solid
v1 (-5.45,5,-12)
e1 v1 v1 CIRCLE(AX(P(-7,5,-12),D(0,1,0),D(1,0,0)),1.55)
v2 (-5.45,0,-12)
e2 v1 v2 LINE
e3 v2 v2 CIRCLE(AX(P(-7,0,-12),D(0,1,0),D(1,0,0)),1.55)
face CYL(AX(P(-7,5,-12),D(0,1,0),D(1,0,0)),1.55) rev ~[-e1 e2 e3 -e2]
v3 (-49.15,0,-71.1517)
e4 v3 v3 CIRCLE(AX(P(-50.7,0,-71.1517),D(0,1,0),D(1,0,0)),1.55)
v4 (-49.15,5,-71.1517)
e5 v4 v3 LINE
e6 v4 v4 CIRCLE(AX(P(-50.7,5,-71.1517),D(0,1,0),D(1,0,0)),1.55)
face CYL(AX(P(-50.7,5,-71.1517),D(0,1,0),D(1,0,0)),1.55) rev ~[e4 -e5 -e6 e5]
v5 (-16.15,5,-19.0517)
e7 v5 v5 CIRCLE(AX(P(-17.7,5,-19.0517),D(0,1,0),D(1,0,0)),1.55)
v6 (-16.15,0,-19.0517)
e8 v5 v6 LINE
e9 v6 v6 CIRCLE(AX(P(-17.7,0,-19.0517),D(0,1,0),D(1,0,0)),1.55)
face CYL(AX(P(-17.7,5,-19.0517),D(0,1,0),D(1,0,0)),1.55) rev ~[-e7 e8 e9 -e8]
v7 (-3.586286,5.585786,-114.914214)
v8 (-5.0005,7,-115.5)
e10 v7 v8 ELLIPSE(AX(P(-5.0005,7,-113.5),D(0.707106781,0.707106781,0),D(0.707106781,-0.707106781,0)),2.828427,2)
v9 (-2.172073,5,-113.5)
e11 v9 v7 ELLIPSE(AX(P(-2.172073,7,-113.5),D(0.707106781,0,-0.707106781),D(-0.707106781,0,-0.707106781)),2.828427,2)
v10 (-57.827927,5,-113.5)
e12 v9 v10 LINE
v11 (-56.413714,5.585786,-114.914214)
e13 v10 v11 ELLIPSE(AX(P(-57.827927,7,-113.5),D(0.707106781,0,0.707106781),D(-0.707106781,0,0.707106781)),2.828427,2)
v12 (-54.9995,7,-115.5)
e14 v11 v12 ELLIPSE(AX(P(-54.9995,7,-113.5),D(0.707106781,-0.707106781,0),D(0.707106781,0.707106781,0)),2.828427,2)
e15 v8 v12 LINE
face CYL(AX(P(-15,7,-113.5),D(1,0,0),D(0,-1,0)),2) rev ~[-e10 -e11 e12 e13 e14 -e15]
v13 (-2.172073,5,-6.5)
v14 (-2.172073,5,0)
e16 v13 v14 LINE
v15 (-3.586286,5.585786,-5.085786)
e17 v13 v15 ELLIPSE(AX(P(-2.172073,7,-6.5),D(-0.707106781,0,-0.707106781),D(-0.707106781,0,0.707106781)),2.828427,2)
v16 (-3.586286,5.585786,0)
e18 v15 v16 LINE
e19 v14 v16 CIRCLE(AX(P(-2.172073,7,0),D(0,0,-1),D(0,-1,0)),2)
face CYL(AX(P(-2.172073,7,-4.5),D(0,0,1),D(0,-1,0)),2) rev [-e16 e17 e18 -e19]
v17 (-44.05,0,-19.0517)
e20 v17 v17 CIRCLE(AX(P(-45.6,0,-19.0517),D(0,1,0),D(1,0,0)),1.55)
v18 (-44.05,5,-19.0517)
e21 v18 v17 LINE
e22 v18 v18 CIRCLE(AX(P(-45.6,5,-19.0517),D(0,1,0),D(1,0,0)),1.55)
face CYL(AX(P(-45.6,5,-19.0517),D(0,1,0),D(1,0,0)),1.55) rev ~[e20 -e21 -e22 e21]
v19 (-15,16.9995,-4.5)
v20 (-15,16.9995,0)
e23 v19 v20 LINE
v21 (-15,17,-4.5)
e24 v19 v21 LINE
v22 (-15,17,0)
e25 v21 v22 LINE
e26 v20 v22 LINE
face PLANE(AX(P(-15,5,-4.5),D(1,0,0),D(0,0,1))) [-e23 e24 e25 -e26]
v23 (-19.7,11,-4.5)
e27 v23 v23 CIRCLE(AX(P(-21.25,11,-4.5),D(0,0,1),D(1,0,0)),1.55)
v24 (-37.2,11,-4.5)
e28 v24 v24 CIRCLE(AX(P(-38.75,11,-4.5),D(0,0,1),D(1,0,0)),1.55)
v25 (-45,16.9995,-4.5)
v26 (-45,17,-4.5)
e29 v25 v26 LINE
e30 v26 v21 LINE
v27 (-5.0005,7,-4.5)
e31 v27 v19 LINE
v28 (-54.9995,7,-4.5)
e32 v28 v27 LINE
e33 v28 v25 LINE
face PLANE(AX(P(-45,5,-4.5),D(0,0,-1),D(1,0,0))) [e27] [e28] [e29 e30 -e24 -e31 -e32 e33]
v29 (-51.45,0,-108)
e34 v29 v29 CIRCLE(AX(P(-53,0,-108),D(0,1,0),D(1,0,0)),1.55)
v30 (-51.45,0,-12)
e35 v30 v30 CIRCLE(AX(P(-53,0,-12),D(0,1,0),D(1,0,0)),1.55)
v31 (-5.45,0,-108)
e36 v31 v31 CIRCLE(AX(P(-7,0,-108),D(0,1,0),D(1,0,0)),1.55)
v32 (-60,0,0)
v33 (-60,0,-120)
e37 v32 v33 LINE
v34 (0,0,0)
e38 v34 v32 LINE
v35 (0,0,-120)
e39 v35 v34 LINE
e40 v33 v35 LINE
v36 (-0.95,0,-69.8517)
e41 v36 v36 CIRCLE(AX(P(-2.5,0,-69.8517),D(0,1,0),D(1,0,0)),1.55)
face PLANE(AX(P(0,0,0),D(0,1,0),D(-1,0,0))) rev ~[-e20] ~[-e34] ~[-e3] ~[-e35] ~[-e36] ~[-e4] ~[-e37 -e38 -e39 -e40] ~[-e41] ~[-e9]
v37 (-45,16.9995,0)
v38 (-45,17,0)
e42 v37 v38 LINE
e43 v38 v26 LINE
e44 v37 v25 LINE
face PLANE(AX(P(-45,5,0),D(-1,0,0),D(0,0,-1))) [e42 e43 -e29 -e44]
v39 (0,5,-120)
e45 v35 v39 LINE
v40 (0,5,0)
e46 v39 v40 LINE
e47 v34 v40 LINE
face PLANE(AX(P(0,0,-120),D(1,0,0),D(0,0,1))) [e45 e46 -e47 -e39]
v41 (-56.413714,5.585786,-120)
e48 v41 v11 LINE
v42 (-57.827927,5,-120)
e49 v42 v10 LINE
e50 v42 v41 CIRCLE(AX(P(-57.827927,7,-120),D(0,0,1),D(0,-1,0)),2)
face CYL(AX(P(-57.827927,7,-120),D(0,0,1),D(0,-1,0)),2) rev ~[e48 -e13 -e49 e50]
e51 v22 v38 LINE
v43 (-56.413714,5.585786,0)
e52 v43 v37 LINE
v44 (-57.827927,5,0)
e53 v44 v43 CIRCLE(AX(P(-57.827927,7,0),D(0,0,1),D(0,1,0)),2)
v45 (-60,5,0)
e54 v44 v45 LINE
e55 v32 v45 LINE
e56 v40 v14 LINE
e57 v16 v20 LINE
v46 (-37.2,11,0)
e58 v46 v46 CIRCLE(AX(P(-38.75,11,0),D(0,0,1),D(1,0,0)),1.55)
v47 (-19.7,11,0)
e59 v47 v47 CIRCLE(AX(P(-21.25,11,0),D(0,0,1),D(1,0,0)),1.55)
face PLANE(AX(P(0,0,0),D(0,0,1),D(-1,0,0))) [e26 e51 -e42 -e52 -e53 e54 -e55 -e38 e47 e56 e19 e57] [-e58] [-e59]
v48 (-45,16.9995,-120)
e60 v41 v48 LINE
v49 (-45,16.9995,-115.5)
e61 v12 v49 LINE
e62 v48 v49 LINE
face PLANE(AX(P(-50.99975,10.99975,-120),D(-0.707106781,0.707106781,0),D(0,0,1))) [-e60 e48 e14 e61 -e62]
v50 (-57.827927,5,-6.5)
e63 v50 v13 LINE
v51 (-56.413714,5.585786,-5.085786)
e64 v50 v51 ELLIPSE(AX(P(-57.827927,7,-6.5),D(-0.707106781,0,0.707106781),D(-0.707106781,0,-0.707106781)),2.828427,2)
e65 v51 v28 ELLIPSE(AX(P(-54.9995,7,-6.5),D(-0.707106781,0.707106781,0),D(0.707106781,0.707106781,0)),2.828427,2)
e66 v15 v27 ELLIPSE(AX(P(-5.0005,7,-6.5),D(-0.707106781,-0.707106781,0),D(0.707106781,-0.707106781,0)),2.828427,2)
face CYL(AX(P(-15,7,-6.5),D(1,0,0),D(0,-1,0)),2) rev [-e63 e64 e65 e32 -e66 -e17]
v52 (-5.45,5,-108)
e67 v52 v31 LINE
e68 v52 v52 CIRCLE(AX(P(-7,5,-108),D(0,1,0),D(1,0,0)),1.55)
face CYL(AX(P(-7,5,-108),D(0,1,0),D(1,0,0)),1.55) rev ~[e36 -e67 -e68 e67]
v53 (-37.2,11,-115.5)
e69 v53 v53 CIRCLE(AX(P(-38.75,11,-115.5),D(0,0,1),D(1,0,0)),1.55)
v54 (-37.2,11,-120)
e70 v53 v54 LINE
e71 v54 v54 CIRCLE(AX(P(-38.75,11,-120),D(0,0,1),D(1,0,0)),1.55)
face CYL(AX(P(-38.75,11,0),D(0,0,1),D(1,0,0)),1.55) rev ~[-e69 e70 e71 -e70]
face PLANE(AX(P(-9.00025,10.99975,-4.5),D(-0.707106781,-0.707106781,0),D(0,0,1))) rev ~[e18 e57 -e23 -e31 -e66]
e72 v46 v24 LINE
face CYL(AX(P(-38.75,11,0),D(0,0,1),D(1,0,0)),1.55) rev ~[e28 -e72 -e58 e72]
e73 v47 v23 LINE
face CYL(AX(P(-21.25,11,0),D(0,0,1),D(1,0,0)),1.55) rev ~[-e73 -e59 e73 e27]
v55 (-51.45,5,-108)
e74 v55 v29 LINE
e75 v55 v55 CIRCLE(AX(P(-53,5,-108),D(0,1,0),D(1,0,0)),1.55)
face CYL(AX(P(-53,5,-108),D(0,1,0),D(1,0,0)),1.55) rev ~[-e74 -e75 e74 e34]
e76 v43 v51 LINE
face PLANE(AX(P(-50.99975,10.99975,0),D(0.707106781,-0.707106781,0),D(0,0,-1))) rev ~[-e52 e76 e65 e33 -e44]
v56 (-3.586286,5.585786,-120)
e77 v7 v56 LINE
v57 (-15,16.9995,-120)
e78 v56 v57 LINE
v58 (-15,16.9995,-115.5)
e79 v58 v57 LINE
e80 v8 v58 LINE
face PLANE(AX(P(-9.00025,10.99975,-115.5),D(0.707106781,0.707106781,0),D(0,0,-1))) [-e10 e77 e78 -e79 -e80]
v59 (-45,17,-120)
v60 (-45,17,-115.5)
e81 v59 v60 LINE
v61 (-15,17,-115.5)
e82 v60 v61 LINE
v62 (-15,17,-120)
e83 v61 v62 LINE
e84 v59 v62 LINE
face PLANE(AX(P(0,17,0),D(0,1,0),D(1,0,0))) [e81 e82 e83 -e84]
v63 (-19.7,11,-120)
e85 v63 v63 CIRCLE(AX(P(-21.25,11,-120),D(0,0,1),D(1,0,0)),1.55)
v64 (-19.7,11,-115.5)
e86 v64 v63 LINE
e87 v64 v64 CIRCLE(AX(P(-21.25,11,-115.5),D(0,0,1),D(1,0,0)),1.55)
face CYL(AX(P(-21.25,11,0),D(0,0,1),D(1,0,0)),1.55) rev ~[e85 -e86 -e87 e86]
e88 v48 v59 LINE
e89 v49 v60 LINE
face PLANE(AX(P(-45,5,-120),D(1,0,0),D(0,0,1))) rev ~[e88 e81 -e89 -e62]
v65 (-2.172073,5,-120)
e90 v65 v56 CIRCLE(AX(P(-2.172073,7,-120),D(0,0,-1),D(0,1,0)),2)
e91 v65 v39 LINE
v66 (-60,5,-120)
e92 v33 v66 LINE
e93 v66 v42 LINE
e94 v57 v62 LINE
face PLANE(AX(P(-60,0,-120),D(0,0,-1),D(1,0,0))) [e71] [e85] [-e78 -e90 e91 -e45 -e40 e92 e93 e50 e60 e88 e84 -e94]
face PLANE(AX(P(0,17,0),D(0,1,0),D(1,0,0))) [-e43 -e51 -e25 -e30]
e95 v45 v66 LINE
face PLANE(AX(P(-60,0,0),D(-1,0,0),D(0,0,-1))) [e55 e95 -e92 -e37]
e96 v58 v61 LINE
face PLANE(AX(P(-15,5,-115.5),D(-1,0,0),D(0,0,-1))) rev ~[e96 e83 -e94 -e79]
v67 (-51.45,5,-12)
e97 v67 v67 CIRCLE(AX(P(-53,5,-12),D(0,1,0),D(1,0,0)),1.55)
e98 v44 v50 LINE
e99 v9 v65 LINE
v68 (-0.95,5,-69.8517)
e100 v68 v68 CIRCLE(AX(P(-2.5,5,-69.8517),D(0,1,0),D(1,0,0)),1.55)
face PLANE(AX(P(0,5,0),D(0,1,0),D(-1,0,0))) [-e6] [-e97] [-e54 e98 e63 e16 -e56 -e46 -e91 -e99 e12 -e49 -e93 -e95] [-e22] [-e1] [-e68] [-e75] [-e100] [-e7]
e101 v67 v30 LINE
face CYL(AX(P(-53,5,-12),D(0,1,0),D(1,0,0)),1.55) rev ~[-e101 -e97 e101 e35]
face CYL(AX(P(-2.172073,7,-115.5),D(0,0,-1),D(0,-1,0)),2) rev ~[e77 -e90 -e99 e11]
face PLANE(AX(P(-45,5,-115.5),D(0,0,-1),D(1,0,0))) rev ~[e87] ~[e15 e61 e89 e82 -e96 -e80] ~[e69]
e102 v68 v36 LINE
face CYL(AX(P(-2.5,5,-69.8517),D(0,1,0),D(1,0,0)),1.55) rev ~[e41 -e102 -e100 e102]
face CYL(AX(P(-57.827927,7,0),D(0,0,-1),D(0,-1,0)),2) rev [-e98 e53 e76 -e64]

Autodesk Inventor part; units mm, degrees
ref_plane "YZ Plane" through (0, 0, 0) normal (1, 0, 0) x (0, 1, 0)
ref_plane "XZ Plane" through (0, 0, 0) normal (0, 1, 0) x (-1, 0, 0)
ref_plane "XY Plane" through (0, 0, 0) normal (0, 0, 1) x (1, 0, 0)
sketch "Sketch1" plane through (0, 0, 0) normal (0, 1, 0) x (-1, 0, 0)
  line L0 (0, 0) -> (60, 0)
  line L1 (60, 0) -> (60, -120)
  line L2 (60, -120) -> (0, -120)
  line L3 (0, -120) -> (0, 0)
  dimension "d0" = 60
  dimension "d1" = 120
extrude "Extrusion1" add sketch "Sketch1" along normal blind 5
sketch "Sketch2" plane through (0, 5, 0) normal (0, 1, 0) x (1, 0, 0)
  line L0 (-30, 120) -> (-45, 120)
  line L1 (-30, 120) -> (-15, 120)
  line L2 (-45, 120) -> (-45, 115.5)
  line L3 (-45, 115.5) -> (-15, 115.5)
  line L4 (-15, 115.5) -> (-15, 120)
  line L5 (-15, 120) -> (-45, 120)
  line L6 (-60, 120) -> (-60, 0) projected
  line L7 (0, 0) -> (0, 120) projected
  line L8 (-30, 0) -> (-45, 0)
  line L9 (-30, 0) -> (-15, 0)
  line L10 (-45, 0) -> (-45, 4.5)
  line L11 (-45, 4.5) -> (-15, 4.5)
  line L12 (-15, 4.5) -> (-15, 0)
  line L13 (-45, 0) -> (-15, 0)
  line L14 (-60, 0) -> (0, 0) projected
  dimension "d9" = 15
  dimension "d10" = 15
  dimension "d12" = 4.5
extrude "Extrusion2" add sketch "Sketch2" along normal blind 12
chamfer "Chamfer1" distance 12 angle 45 4 edges at (-45, 5, -2.25) (-45, 5, -117.75) (-15, 5, -2.25) (-15, 5, -117.75)
fillet "Fillet1" radius 2 6 edges at (-30, 5, -115.5) (-56.9995, 5, -117.75) (-56.9995, 5, -2.25) (-30, 5, -4.5) (-3.0005, 5, -2.25) (-3.0005, 5, -117.75)
sketch "Sketch3" plane through (-60, 0, 0) normal (0, 0, 1) x (1, 0, 0)
  line L0 (0, 0) -> (60, 0) projected
  circle A0 centre (38.75, 11) radius 1.55
  circle A1 centre (21.25, 11) radius 1.55
  dimension "d22" = 3.1
  dimension "d23" = 3.1
  dimension "d25" = 17.5
  dimension "d26" = 11
  dimension "d27" = 11
extrude "Extrusion3" cut sketch "Sketch3" against normal through all
sketch "Sketch4" plane through (0, 5, 0) normal (0, 1, 0) x (1, 0, 0)
  line L0 (0, 0) -> (0, 120) projected
  line L1 (0, 50.8517) -> (-60, 50.8517)
  line L2 (-60, 120) -> (-60, 0) projected
  line L3 (-26.65, 16.5517) -> (0, 16.5517)
  line L4 (0, 16.5517) -> (0, 85.1517)
  line L5 (0, 85.1517) -> (-53.3, 85.1517)
  line L6 (-53.3, 85.1517) -> (-53.3, 16.5517)
  line L7 (-53.3, 16.5517) -> (-26.65, 16.5517)
  line L8 (0, 85.1517) -> (0, 84.5517)
  line L9 (0, 85.1517) -> (0, 69.8517)
  circle A0 centre (-2.5, 69.8517) radius 1.55
  line L10 (-26.65, 85.1517) -> (-26.65, 16.5517)
  circle A1 centre (-50.7, 71.1517) radius 1.55
  circle A2 centre (-17.7, 19.0517) radius 1.55
  circle A3 centre (-45.6, 19.0517) radius 1.55
  line L11 (0, 85.1517) -> (-2, 85.1517)
  dimension "d34" = 53.3
  dimension "d35" = 68.6
  dimension "d39" = 3.1
  dimension "d43" = 3.1
  dimension "d44" = 3.1
  dimension "d55" = 14
  dimension "d56" = 1.3
  dimension "d57" = 50.8
  dimension "d58" = 15.2
  dimension "d59" = 27.9
extrude "Extrusion4" cut sketch "Sketch4" against normal blind 12 contours A0 | A1 | A2 | A3
sketch "Sketch5" plane through (0, 5, 0) normal (0, 1, 0) x (1, 0, 0)
  line L0 (0, 0) -> (0, 120) projected
  line L1 (0, 120) -> (0, 108)
  line L2 (0, 108) -> (-7, 108)
  line L3 (-60, 120) -> (-60, 0) projected
  circle A0 centre (-7, 108) radius 1.55
  line L4 (0, 120) -> (-60, 120) projected
  line L5 (-30, 120) -> (-30, 0)
  line L6 (-45, 0) -> (-15, 0) projected
  line L7 (0, 60) -> (-60, 60)
  circle A1 centre (-53, 108) radius 1.55
  circle A2 centre (-7, 12) radius 1.55
  circle A3 centre (-53, 12) radius 1.55
  dimension "d47" = 12
  dimension "d48" = 7
  dimension "d49" = 3.1
extrude "Extrusion5" cut sketch "Sketch5" against normal blind 10 contours A0 | A1 | A2 | A3
properties part number "bottom_plate" material "PET Plastic"
